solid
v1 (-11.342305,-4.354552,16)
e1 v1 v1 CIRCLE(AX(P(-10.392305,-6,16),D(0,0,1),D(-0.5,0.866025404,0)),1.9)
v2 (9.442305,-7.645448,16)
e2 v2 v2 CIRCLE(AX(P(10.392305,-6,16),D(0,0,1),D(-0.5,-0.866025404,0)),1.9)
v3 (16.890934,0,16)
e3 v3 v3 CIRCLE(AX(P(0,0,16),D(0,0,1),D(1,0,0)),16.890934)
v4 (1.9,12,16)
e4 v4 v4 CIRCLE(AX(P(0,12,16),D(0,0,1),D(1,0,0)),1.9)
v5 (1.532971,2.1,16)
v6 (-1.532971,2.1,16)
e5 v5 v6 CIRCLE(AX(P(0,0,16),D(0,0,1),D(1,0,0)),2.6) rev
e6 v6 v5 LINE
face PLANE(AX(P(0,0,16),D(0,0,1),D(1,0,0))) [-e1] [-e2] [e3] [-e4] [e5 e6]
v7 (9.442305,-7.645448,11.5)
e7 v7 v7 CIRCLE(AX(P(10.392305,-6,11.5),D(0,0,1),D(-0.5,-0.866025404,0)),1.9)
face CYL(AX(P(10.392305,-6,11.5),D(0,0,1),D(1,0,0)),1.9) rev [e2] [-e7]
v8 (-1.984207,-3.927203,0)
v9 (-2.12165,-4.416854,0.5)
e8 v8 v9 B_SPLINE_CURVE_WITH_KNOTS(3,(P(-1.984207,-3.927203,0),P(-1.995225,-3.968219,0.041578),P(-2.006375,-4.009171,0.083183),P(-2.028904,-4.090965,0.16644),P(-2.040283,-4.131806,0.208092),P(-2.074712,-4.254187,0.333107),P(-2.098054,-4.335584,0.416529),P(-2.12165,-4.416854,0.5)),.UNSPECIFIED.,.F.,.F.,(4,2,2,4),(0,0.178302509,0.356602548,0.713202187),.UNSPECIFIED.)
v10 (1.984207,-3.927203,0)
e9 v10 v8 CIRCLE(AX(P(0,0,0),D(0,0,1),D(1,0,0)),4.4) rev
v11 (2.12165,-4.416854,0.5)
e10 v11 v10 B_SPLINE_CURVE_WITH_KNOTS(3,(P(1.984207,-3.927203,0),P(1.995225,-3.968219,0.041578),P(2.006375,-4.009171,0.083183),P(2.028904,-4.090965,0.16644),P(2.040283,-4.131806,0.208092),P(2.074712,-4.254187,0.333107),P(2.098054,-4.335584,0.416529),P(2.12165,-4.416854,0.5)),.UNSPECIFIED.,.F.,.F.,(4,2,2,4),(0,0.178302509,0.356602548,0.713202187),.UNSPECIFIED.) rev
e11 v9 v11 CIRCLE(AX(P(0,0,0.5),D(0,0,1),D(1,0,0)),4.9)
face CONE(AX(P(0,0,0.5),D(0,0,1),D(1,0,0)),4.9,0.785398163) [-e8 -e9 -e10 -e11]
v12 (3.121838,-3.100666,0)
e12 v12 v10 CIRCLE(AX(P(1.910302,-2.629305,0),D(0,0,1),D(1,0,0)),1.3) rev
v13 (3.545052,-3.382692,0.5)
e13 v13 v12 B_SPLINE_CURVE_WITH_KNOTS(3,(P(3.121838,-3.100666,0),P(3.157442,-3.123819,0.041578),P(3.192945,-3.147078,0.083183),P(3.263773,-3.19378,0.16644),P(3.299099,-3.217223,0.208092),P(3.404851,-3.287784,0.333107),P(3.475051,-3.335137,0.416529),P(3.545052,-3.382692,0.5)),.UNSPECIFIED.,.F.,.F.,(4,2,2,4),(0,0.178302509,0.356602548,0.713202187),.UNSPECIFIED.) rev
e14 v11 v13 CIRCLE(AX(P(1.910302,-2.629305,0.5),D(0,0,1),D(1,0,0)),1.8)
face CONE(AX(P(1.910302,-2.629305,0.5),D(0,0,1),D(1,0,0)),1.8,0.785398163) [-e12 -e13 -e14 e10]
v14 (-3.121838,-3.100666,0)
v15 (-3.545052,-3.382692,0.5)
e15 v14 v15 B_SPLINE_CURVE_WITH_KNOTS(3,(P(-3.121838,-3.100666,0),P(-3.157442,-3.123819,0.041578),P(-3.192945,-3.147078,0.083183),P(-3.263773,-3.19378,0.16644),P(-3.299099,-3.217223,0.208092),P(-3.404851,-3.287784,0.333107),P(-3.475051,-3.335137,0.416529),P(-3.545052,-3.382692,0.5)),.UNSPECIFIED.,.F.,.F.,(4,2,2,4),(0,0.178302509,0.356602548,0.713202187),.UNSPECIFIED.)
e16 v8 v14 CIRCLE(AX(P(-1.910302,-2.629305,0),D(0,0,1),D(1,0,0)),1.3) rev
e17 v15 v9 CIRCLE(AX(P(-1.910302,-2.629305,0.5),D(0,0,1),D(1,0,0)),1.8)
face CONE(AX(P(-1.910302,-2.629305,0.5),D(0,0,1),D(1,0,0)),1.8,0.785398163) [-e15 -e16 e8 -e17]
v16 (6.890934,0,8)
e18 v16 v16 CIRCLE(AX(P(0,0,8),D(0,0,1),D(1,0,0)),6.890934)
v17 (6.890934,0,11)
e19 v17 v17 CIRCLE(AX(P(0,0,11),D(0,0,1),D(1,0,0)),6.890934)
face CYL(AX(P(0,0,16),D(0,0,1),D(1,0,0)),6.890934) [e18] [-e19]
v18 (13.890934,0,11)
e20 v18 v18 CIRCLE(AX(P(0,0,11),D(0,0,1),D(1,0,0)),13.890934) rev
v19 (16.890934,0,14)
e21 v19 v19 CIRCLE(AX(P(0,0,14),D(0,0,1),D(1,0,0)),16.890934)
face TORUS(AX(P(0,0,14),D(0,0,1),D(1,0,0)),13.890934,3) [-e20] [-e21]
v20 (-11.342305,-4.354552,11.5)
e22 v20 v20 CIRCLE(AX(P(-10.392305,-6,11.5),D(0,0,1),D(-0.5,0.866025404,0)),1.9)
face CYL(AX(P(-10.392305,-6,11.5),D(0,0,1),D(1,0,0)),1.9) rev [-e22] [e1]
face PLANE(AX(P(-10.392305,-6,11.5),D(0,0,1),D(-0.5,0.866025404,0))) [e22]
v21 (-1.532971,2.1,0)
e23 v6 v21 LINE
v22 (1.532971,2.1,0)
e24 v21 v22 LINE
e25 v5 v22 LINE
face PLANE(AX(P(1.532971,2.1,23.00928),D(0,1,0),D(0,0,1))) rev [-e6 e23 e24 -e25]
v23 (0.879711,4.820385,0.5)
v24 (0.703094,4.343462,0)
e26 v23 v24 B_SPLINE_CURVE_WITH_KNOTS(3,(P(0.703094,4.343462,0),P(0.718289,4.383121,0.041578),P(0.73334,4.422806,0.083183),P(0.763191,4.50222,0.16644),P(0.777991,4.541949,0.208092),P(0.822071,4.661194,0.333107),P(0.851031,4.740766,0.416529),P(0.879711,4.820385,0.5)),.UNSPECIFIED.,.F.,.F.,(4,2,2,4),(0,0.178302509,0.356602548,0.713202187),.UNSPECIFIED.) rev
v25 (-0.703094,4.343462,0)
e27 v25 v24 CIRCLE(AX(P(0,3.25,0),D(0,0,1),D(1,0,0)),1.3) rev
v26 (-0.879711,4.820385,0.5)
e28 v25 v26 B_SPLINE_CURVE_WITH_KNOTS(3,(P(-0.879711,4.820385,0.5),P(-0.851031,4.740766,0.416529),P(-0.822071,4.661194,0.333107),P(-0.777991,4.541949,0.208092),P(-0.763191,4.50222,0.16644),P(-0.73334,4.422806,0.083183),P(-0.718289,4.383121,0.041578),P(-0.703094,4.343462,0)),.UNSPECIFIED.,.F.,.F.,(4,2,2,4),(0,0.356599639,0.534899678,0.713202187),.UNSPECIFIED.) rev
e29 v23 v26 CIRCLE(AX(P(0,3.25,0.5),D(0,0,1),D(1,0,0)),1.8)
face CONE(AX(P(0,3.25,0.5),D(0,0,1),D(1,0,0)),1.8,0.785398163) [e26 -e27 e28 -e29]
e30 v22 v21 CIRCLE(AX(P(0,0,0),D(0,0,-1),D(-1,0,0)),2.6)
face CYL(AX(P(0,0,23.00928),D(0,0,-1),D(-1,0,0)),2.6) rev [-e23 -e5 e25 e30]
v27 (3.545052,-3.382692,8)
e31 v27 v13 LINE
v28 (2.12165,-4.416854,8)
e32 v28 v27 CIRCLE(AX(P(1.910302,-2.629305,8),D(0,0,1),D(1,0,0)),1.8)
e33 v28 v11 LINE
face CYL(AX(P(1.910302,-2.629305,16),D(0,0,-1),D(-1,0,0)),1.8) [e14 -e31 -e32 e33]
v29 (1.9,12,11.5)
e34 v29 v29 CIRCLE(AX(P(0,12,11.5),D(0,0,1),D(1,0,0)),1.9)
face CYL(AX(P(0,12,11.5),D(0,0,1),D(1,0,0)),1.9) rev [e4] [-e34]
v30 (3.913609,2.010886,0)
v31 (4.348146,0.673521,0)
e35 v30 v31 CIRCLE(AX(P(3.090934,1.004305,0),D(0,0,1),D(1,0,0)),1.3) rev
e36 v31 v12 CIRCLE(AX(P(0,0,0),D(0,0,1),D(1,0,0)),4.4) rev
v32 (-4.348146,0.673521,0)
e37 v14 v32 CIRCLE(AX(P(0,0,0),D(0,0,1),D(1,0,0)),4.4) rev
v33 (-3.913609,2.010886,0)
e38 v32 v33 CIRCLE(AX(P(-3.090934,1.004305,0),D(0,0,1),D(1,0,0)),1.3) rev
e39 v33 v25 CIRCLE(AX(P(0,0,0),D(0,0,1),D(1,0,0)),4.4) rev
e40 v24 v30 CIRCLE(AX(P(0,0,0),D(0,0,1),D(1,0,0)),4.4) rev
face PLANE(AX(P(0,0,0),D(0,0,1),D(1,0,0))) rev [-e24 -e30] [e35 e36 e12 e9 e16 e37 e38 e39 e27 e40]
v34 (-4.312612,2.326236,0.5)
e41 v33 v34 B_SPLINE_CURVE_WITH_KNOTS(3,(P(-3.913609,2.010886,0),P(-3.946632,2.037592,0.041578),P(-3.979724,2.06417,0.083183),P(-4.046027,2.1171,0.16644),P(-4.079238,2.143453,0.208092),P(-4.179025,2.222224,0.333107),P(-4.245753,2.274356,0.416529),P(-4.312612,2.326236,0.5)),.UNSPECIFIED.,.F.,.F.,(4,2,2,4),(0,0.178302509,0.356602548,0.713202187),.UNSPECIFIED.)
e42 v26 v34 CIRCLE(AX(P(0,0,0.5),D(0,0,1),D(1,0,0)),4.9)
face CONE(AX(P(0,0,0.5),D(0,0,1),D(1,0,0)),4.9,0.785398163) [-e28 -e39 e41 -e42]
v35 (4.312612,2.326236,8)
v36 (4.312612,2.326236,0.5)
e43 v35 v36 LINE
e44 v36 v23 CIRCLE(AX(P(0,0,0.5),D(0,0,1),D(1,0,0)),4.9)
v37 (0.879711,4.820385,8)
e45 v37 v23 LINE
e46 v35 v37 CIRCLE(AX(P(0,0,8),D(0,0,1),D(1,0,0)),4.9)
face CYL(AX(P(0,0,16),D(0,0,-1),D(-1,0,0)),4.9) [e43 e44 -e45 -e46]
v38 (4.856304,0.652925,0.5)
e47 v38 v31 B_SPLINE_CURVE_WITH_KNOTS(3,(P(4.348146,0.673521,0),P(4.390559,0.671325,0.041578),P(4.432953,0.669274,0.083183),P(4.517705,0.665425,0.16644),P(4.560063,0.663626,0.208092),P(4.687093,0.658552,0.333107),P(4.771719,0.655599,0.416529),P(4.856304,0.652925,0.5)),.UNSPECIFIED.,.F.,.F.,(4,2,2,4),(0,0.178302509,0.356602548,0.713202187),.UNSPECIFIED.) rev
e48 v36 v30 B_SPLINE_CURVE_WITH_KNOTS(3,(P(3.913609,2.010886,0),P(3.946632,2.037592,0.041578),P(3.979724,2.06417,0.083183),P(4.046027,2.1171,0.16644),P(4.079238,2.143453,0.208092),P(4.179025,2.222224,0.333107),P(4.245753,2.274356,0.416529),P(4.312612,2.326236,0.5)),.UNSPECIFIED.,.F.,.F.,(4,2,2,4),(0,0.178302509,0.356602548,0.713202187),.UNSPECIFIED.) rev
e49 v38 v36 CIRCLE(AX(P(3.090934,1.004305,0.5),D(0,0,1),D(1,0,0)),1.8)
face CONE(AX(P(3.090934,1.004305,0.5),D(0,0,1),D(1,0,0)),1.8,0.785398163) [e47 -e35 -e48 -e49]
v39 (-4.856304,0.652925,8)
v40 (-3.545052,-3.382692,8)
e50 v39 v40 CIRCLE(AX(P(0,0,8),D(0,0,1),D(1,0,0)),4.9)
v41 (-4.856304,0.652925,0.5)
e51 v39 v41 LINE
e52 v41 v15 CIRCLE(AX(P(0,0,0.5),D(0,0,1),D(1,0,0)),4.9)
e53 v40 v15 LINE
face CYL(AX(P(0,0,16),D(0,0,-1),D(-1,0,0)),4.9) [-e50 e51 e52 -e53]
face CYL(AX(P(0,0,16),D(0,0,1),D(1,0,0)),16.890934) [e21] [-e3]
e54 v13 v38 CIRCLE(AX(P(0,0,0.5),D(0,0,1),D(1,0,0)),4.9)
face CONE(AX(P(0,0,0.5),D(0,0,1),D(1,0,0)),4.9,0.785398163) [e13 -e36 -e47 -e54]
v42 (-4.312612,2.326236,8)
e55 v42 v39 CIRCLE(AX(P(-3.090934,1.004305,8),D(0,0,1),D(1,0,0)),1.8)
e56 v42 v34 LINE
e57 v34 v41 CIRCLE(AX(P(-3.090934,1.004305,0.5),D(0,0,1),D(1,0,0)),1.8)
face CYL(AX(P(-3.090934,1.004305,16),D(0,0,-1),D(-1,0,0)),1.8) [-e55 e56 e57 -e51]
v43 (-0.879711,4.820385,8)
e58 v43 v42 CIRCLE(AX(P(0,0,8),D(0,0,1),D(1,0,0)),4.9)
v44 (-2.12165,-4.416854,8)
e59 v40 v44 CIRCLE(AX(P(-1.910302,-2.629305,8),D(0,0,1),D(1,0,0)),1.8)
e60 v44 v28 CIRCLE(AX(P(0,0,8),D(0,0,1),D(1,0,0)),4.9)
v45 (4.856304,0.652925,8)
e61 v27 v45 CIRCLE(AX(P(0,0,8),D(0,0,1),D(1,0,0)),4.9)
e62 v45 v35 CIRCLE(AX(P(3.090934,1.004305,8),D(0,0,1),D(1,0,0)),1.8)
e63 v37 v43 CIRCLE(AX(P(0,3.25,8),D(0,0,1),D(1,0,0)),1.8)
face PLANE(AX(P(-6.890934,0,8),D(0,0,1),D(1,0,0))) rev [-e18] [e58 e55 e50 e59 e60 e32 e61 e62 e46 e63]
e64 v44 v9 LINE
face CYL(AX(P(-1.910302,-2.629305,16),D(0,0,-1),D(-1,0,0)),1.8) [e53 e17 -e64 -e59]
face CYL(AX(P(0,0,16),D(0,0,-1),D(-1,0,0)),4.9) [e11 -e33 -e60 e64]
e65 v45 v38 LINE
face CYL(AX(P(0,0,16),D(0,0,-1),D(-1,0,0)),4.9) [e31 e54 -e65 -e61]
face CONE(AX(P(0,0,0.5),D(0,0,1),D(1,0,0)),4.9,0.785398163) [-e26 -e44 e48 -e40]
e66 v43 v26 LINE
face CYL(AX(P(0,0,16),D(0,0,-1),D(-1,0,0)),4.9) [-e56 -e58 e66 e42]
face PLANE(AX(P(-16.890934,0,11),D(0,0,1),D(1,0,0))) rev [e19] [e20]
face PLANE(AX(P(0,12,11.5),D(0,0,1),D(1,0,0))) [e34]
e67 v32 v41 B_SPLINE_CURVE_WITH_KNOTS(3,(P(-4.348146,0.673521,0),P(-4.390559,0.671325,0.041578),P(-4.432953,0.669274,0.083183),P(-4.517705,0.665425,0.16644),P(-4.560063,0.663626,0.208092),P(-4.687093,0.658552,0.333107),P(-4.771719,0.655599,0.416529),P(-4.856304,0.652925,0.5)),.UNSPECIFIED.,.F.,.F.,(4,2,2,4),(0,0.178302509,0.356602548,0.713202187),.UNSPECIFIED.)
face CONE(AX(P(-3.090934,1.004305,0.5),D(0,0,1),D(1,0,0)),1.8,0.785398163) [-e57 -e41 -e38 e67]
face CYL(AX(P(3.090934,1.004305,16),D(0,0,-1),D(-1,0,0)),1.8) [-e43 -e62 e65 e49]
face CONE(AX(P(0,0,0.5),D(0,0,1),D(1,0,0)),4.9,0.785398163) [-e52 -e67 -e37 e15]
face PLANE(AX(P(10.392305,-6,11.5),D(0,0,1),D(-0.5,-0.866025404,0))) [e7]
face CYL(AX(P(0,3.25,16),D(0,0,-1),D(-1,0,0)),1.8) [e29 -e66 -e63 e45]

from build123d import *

# Parameters (mm, degrees)
AUFSATZ_LINEAR_AUSTRAGEN1_DEPTH = 16
SCHNITT_LINEAR_AUSTRAGEN1_DEPTH = 16
VERRUNDUNG3_R                   = 3
SKIZZE6_R                       = 1.9
SCHNITT_LINEAR_AUSTRAGEN2_DEPTH = 4.5
KREISMUSTER1_COUNT              = 3
FASE1_SIZE                      = 0.5


with BuildPart() as part:
    # Skizze3 → Aufsatz-Linear austragen1 (new body)
    with BuildSketch(Plane.XY):
        with BuildLine():
            ThreePointArc((3.545052466, -3.382691682), (4.66017693, -1.514183272), (4.856303974, 0.652925499))
            ThreePointArc((4.856303974, 0.652925499), (4.802835407, 1.560535822), (4.312612425, 2.326236032))
            ThreePointArc((4.312612425, 2.326236032), (2.880147736, 3.964183272), (0.879711407, 4.820384615))
            ThreePointArc((0.879711407, 4.820384615), (0, 5.05), (-0.879711407, 4.820384615))
            ThreePointArc((-0.879711407, 4.820384615), (-2.880147736, 3.964183272), (-4.312612425, 2.326236032))
            ThreePointArc((-4.312612425, 2.326236032), (-4.802835407, 1.560535822), (-4.856303974, 0.652925499))
            ThreePointArc((-4.856303974, 0.652925499), (-4.66017693, -1.514183272), (-3.545052466, -3.382691682))
            ThreePointArc((-3.545052466, -3.382691682), (-2.968315524, -4.085535822), (-2.121649509, -4.416854465))
            ThreePointArc((-2.121649509, -4.416854465), (0, -4.9), (2.121649509, -4.416854465))
            ThreePointArc((2.121649509, -4.416854465), (2.968315524, -4.085535822), (3.545052466, -3.382691682))
        make_face()
    extrude(amount=AUFSATZ_LINEAR_AUSTRAGEN1_DEPTH)

    # Skizze4 → Schnitt-Linear austragen1 (cut)
    with BuildSketch(Plane(origin=(0, 0, 0), x_dir=(-1, 0, 0), z_dir=(0, 0, -1))):
        with BuildLine():
            Line((-1.532970972, 2.1), (1.532970972, 2.1))
            ThreePointArc((1.532970972, 2.1), (0, -2.6), (-1.532970972, 2.1))
        make_face()
    extrude(amount=-SCHNITT_LINEAR_AUSTRAGEN1_DEPTH, mode=Mode.SUBTRACT)

    # Skizze5 → Rotation1 (revolve)
    with BuildSketch(Plane(origin=(0, 0, 0), x_dir=(1, 0, 0), z_dir=(0, 1, 0)), mode=Mode.PRIVATE) as rotation1_sk:
        Polygon((-4.890933678, -16), (-16.890933678, -16), (-16.890933678, -11), (-6.890933678, -11), (-6.890933678, -8), (-4.890933678, -8), align=None)
    revolve(rotation1_sk.sketch.rotate(Axis((0, 0, 16), (0, 0, -1)), 180), axis=Axis((0, 0, 16), (0, 0, -1)))

    # Verrundung3
    verrundung3_edges = [part.edges().sort_by_distance(p)[0] for p in [
        (-16.890933678, 0, 11),
    ]]
    fillet(verrundung3_edges, radius=VERRUNDUNG3_R)

    # Skizze6 → Schnitt-Linear austragen2 (cut)
    with BuildSketch(Plane.XY.offset(16)):
        with Locations((0, 12)):
            Circle(SKIZZE6_R)
    schnitt_linear_austragen2 = extrude(amount=-SCHNITT_LINEAR_AUSTRAGEN2_DEPTH, mode=Mode.SUBTRACT)

    # Kreismuster1: Schnitt-Linear austragen2 ×3 about axis
    kreismuster1_axis = Axis((0, 0, 0), (0, 0, 1))
    for i in range(1, KREISMUSTER1_COUNT):
        add(schnitt_linear_austragen2.rotate(kreismuster1_axis, i * 360 / KREISMUSTER1_COUNT), mode=Mode.SUBTRACT)

    # Fase1
    fase1_edges = [part.edges().sort_by_distance(p)[0] for p in [
        (0, 5.05, 0),
        (2.880147736, 3.964183272, 0),
        (4.802835407, 1.560535822, 0),
        (4.66017693, -1.514183272, 0),
        (2.968315524, -4.085535822, 0),
        (0, -4.9, 0),
        (-2.968315524, -4.085535822, 0),
        (-4.66017693, -1.514183272, 0),
        (-4.802835407, 1.560535822, 0),
        (-2.880147736, 3.964183272, 0),
    ]]
    chamfer(fase1_edges, length=FASE1_SIZE)


solid = part.part
